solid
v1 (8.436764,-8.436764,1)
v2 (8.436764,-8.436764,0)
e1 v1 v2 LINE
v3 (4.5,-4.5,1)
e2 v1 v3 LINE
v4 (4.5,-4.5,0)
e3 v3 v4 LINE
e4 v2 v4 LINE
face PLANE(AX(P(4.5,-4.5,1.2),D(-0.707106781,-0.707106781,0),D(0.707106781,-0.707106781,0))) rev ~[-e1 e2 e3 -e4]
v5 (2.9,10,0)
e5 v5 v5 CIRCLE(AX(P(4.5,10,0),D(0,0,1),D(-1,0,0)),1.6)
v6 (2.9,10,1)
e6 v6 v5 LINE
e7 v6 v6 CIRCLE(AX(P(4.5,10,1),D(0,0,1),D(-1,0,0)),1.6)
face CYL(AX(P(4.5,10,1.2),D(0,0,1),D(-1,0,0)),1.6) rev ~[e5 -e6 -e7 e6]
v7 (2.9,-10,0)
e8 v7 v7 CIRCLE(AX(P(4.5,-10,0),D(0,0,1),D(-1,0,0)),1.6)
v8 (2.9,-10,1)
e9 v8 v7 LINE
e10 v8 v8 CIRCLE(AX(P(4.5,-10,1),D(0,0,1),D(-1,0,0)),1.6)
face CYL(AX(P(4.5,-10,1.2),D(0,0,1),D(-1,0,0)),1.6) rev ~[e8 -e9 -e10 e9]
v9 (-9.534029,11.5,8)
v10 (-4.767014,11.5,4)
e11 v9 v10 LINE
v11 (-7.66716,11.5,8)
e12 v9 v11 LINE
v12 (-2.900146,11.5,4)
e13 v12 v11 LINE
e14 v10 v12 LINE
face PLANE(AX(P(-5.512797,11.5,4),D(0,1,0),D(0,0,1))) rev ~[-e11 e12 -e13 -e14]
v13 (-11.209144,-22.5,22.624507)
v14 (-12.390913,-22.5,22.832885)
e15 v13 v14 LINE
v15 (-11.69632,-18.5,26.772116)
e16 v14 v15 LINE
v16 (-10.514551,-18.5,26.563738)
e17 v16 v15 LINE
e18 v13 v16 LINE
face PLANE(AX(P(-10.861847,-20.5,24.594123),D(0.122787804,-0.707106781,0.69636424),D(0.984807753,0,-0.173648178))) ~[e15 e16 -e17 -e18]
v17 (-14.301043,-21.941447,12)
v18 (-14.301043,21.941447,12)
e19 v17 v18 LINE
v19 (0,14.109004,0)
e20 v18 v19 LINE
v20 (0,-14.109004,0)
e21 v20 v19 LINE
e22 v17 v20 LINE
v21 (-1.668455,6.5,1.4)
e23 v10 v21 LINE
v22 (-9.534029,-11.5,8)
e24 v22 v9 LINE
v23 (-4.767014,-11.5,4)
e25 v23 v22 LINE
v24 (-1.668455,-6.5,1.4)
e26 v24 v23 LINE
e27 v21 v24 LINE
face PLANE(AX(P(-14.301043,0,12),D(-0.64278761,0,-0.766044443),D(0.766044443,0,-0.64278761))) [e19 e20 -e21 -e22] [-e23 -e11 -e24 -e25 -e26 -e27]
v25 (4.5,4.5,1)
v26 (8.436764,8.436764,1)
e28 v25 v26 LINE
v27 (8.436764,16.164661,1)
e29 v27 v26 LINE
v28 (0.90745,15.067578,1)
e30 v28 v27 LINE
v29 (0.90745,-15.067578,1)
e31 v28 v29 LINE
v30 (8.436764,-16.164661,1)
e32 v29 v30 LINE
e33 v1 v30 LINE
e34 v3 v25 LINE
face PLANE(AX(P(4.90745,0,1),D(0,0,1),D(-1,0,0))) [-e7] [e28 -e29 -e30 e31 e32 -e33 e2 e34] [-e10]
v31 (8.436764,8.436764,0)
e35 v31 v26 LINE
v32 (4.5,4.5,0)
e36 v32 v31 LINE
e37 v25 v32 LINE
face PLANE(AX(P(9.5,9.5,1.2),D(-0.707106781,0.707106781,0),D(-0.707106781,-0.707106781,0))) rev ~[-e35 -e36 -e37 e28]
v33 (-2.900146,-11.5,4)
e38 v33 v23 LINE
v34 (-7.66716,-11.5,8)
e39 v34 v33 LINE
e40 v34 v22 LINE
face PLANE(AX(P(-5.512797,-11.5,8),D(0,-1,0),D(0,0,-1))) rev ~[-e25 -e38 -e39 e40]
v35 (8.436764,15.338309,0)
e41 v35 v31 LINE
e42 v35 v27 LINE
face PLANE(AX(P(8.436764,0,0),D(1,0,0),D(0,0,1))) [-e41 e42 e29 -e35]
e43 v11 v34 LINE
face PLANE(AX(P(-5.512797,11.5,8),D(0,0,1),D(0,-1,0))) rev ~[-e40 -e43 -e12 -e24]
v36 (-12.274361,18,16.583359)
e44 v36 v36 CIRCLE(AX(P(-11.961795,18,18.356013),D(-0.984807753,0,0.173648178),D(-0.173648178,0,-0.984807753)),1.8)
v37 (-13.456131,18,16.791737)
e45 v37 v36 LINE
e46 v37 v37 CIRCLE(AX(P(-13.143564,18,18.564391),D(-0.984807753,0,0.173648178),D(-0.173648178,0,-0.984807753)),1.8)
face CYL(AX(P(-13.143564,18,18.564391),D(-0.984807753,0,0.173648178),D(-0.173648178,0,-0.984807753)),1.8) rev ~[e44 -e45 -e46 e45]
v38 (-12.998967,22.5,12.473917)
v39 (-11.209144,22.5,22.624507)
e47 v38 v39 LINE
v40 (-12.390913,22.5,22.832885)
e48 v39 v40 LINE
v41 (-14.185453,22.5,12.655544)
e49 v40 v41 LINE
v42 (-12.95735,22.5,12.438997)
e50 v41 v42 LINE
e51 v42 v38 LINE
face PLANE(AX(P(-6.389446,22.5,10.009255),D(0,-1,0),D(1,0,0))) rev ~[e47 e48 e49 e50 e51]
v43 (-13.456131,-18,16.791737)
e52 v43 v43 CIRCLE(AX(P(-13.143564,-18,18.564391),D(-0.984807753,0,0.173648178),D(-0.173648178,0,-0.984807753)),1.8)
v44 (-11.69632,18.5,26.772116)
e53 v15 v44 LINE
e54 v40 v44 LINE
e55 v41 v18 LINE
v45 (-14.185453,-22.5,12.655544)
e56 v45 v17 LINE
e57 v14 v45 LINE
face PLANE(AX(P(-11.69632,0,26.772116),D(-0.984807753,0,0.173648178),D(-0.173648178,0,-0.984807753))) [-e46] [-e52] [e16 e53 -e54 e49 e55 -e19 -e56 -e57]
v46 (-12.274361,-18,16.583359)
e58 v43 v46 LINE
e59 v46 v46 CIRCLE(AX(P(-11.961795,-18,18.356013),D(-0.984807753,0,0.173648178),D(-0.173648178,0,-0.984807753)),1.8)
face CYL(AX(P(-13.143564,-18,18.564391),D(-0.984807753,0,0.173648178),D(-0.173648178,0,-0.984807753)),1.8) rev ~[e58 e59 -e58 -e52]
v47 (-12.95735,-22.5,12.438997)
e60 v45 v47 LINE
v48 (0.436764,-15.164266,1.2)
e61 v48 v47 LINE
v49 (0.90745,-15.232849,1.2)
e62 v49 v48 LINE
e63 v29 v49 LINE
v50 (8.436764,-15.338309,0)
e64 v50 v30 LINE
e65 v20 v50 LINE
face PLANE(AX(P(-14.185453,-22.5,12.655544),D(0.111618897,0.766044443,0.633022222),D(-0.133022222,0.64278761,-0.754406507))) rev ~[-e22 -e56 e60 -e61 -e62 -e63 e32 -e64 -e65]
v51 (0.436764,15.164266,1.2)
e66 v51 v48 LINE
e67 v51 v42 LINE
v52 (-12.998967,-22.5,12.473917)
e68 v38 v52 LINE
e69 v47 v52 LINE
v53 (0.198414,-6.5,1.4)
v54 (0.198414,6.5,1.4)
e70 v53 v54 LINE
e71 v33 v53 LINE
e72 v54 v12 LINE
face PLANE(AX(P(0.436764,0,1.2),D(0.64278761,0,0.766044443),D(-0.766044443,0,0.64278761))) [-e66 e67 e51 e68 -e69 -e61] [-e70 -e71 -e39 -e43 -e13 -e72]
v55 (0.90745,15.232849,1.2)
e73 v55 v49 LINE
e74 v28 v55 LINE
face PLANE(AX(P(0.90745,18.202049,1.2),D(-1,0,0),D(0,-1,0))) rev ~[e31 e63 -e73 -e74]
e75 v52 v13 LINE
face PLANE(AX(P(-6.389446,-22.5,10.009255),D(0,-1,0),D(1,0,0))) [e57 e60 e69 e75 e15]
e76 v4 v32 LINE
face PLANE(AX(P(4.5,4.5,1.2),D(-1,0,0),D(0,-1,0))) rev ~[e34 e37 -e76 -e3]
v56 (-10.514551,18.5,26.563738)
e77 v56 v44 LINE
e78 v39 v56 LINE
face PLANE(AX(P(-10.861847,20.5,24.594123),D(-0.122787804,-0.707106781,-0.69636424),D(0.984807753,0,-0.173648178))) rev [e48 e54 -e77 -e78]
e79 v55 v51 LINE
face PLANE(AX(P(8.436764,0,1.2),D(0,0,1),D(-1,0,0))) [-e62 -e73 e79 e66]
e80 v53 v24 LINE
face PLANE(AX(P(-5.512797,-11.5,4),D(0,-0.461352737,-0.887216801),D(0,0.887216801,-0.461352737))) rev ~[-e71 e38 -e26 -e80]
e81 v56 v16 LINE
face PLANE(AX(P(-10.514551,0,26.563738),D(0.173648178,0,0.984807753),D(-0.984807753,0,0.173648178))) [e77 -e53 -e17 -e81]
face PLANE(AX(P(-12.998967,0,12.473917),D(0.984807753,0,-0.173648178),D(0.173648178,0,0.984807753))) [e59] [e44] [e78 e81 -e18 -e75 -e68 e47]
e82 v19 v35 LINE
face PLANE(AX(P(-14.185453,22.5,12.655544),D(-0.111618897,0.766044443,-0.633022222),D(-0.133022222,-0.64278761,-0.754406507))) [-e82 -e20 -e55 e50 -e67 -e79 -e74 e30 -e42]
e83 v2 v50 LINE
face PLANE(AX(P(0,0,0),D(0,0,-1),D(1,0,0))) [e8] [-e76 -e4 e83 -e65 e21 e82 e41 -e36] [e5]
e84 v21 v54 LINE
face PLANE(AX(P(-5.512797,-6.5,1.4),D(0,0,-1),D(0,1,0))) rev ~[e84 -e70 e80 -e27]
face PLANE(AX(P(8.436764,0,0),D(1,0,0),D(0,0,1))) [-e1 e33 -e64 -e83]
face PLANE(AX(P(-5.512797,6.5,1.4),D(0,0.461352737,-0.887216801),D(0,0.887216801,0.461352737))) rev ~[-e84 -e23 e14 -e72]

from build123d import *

# Parameters (mm, degrees)
PAD_DEPTH       = 22.5
POCKET_DEPTH    = 29
SKETCH002_R     = 1.6
POCKET001_DEPTH = 5
SKETCH003_R     = 1.8
POCKET002_DEPTH = 5
CHAMFER001_SIZE = 4
POCKET003_DEPTH = 7
SKETCH005_W     = 8
SKETCH005_H     = 36.404098
POCKET004_DEPTH = 0.2


with BuildPart() as part:
    # Sketch → Pad (new body, symmetric)
    with BuildSketch(Plane.XZ):
        Polygon((0, 0), (8.4367642811, 0), (8.4367642811, 1.2), (0.4367642811, 1.2), (-12.998966821, 12.4739170124), (-10.5145511425, 26.563738482), (-11.6963204461, 26.7721162952), (-14.3010431111, 12), align=None)
    extrude(amount=PAD_DEPTH, both=True)

    # Sketch001 (on Face7 of Pad) → Pocket (cut)
    with BuildSketch(Plane(origin=(-15.9219347561, 0, 2.8074666826), x_dir=(-0.1736481777, 0, -0.984807753), z_dir=(-0.984807753, 0, 0.1736481777))):
        Polygon((-10, -22.5), (0, -14.1090036882), (0, -23.5), (-10, -23.5), align=None)
        Polygon((-10, 22.5), (0, 14.1090036882), (0, 23.5), (-10, 23.5), align=None)
    extrude(amount=-POCKET_DEPTH, mode=Mode.SUBTRACT)

    # Sketch002 (on Face7 of Pocket) → Pocket001 (cut)
    with BuildSketch(Plane(origin=(0, 0, 1.2), x_dir=(-1, 0, 0), z_dir=(0, 0, 1))):
        with Locations((-4.5, 10)):
            Circle(SKETCH002_R)
        with Locations((-4.5, -10)):
            Circle(SKETCH002_R)
        Polygon((-9.5, -9.5), (-4.5, -4.5), (-4.5, 4.5), (-9.5, 9.5), align=None)
    extrude(amount=-POCKET001_DEPTH, mode=Mode.SUBTRACT)

    # Sketch003 (on Face13 of Pocket001) → Pocket002 (cut)
    with BuildSketch(Plane(origin=(-15.9219347561, 0, 2.8074666826), x_dir=(-0.1736481777, 0, -0.984807753), z_dir=(-0.984807753, 0, 0.1736481777))):
        with Locations((-16, 18)):
            Circle(SKETCH003_R)
        with Locations((-16, -18)):
            Circle(SKETCH003_R)
    extrude(amount=-POCKET002_DEPTH, mode=Mode.SUBTRACT)

    # Chamfer001
    chamfer001_edges = [part.edges().sort_by_distance(p)[0] for p in [
        (-11.105436, -22.5, 26.667927),
        (-11.105436, 22.5, 26.667927),
    ]]
    chamfer(chamfer001_edges, length=CHAMFER001_SIZE)

    # Sketch004 → Pocket003 (cut, symmetric)
    with BuildSketch(Plane(origin=(-5.5127970494, 0, 0), x_dir=(0, 0, 1), z_dir=(1, 0, 0))):
        Polygon((1.4, 6.5), (1.4, -6.5), (4, -11.5), (8, -11.5), (8, 11.5), (4, 11.5), align=None)
    extrude(amount=POCKET003_DEPTH, both=True, mode=Mode.SUBTRACT)

    # Sketch005 (on Face16 of Pocket003) → Pocket004 (cut)
    with BuildSketch(Plane(origin=(0, 0, 1.2), x_dir=(-1, 0, 0), z_dir=(0, 0, 1))):
        with Locations((-4.90745, 0)):
            Rectangle(SKETCH005_W, SKETCH005_H)
    extrude(amount=-POCKET004_DEPTH, mode=Mode.SUBTRACT)


solid = part.part
